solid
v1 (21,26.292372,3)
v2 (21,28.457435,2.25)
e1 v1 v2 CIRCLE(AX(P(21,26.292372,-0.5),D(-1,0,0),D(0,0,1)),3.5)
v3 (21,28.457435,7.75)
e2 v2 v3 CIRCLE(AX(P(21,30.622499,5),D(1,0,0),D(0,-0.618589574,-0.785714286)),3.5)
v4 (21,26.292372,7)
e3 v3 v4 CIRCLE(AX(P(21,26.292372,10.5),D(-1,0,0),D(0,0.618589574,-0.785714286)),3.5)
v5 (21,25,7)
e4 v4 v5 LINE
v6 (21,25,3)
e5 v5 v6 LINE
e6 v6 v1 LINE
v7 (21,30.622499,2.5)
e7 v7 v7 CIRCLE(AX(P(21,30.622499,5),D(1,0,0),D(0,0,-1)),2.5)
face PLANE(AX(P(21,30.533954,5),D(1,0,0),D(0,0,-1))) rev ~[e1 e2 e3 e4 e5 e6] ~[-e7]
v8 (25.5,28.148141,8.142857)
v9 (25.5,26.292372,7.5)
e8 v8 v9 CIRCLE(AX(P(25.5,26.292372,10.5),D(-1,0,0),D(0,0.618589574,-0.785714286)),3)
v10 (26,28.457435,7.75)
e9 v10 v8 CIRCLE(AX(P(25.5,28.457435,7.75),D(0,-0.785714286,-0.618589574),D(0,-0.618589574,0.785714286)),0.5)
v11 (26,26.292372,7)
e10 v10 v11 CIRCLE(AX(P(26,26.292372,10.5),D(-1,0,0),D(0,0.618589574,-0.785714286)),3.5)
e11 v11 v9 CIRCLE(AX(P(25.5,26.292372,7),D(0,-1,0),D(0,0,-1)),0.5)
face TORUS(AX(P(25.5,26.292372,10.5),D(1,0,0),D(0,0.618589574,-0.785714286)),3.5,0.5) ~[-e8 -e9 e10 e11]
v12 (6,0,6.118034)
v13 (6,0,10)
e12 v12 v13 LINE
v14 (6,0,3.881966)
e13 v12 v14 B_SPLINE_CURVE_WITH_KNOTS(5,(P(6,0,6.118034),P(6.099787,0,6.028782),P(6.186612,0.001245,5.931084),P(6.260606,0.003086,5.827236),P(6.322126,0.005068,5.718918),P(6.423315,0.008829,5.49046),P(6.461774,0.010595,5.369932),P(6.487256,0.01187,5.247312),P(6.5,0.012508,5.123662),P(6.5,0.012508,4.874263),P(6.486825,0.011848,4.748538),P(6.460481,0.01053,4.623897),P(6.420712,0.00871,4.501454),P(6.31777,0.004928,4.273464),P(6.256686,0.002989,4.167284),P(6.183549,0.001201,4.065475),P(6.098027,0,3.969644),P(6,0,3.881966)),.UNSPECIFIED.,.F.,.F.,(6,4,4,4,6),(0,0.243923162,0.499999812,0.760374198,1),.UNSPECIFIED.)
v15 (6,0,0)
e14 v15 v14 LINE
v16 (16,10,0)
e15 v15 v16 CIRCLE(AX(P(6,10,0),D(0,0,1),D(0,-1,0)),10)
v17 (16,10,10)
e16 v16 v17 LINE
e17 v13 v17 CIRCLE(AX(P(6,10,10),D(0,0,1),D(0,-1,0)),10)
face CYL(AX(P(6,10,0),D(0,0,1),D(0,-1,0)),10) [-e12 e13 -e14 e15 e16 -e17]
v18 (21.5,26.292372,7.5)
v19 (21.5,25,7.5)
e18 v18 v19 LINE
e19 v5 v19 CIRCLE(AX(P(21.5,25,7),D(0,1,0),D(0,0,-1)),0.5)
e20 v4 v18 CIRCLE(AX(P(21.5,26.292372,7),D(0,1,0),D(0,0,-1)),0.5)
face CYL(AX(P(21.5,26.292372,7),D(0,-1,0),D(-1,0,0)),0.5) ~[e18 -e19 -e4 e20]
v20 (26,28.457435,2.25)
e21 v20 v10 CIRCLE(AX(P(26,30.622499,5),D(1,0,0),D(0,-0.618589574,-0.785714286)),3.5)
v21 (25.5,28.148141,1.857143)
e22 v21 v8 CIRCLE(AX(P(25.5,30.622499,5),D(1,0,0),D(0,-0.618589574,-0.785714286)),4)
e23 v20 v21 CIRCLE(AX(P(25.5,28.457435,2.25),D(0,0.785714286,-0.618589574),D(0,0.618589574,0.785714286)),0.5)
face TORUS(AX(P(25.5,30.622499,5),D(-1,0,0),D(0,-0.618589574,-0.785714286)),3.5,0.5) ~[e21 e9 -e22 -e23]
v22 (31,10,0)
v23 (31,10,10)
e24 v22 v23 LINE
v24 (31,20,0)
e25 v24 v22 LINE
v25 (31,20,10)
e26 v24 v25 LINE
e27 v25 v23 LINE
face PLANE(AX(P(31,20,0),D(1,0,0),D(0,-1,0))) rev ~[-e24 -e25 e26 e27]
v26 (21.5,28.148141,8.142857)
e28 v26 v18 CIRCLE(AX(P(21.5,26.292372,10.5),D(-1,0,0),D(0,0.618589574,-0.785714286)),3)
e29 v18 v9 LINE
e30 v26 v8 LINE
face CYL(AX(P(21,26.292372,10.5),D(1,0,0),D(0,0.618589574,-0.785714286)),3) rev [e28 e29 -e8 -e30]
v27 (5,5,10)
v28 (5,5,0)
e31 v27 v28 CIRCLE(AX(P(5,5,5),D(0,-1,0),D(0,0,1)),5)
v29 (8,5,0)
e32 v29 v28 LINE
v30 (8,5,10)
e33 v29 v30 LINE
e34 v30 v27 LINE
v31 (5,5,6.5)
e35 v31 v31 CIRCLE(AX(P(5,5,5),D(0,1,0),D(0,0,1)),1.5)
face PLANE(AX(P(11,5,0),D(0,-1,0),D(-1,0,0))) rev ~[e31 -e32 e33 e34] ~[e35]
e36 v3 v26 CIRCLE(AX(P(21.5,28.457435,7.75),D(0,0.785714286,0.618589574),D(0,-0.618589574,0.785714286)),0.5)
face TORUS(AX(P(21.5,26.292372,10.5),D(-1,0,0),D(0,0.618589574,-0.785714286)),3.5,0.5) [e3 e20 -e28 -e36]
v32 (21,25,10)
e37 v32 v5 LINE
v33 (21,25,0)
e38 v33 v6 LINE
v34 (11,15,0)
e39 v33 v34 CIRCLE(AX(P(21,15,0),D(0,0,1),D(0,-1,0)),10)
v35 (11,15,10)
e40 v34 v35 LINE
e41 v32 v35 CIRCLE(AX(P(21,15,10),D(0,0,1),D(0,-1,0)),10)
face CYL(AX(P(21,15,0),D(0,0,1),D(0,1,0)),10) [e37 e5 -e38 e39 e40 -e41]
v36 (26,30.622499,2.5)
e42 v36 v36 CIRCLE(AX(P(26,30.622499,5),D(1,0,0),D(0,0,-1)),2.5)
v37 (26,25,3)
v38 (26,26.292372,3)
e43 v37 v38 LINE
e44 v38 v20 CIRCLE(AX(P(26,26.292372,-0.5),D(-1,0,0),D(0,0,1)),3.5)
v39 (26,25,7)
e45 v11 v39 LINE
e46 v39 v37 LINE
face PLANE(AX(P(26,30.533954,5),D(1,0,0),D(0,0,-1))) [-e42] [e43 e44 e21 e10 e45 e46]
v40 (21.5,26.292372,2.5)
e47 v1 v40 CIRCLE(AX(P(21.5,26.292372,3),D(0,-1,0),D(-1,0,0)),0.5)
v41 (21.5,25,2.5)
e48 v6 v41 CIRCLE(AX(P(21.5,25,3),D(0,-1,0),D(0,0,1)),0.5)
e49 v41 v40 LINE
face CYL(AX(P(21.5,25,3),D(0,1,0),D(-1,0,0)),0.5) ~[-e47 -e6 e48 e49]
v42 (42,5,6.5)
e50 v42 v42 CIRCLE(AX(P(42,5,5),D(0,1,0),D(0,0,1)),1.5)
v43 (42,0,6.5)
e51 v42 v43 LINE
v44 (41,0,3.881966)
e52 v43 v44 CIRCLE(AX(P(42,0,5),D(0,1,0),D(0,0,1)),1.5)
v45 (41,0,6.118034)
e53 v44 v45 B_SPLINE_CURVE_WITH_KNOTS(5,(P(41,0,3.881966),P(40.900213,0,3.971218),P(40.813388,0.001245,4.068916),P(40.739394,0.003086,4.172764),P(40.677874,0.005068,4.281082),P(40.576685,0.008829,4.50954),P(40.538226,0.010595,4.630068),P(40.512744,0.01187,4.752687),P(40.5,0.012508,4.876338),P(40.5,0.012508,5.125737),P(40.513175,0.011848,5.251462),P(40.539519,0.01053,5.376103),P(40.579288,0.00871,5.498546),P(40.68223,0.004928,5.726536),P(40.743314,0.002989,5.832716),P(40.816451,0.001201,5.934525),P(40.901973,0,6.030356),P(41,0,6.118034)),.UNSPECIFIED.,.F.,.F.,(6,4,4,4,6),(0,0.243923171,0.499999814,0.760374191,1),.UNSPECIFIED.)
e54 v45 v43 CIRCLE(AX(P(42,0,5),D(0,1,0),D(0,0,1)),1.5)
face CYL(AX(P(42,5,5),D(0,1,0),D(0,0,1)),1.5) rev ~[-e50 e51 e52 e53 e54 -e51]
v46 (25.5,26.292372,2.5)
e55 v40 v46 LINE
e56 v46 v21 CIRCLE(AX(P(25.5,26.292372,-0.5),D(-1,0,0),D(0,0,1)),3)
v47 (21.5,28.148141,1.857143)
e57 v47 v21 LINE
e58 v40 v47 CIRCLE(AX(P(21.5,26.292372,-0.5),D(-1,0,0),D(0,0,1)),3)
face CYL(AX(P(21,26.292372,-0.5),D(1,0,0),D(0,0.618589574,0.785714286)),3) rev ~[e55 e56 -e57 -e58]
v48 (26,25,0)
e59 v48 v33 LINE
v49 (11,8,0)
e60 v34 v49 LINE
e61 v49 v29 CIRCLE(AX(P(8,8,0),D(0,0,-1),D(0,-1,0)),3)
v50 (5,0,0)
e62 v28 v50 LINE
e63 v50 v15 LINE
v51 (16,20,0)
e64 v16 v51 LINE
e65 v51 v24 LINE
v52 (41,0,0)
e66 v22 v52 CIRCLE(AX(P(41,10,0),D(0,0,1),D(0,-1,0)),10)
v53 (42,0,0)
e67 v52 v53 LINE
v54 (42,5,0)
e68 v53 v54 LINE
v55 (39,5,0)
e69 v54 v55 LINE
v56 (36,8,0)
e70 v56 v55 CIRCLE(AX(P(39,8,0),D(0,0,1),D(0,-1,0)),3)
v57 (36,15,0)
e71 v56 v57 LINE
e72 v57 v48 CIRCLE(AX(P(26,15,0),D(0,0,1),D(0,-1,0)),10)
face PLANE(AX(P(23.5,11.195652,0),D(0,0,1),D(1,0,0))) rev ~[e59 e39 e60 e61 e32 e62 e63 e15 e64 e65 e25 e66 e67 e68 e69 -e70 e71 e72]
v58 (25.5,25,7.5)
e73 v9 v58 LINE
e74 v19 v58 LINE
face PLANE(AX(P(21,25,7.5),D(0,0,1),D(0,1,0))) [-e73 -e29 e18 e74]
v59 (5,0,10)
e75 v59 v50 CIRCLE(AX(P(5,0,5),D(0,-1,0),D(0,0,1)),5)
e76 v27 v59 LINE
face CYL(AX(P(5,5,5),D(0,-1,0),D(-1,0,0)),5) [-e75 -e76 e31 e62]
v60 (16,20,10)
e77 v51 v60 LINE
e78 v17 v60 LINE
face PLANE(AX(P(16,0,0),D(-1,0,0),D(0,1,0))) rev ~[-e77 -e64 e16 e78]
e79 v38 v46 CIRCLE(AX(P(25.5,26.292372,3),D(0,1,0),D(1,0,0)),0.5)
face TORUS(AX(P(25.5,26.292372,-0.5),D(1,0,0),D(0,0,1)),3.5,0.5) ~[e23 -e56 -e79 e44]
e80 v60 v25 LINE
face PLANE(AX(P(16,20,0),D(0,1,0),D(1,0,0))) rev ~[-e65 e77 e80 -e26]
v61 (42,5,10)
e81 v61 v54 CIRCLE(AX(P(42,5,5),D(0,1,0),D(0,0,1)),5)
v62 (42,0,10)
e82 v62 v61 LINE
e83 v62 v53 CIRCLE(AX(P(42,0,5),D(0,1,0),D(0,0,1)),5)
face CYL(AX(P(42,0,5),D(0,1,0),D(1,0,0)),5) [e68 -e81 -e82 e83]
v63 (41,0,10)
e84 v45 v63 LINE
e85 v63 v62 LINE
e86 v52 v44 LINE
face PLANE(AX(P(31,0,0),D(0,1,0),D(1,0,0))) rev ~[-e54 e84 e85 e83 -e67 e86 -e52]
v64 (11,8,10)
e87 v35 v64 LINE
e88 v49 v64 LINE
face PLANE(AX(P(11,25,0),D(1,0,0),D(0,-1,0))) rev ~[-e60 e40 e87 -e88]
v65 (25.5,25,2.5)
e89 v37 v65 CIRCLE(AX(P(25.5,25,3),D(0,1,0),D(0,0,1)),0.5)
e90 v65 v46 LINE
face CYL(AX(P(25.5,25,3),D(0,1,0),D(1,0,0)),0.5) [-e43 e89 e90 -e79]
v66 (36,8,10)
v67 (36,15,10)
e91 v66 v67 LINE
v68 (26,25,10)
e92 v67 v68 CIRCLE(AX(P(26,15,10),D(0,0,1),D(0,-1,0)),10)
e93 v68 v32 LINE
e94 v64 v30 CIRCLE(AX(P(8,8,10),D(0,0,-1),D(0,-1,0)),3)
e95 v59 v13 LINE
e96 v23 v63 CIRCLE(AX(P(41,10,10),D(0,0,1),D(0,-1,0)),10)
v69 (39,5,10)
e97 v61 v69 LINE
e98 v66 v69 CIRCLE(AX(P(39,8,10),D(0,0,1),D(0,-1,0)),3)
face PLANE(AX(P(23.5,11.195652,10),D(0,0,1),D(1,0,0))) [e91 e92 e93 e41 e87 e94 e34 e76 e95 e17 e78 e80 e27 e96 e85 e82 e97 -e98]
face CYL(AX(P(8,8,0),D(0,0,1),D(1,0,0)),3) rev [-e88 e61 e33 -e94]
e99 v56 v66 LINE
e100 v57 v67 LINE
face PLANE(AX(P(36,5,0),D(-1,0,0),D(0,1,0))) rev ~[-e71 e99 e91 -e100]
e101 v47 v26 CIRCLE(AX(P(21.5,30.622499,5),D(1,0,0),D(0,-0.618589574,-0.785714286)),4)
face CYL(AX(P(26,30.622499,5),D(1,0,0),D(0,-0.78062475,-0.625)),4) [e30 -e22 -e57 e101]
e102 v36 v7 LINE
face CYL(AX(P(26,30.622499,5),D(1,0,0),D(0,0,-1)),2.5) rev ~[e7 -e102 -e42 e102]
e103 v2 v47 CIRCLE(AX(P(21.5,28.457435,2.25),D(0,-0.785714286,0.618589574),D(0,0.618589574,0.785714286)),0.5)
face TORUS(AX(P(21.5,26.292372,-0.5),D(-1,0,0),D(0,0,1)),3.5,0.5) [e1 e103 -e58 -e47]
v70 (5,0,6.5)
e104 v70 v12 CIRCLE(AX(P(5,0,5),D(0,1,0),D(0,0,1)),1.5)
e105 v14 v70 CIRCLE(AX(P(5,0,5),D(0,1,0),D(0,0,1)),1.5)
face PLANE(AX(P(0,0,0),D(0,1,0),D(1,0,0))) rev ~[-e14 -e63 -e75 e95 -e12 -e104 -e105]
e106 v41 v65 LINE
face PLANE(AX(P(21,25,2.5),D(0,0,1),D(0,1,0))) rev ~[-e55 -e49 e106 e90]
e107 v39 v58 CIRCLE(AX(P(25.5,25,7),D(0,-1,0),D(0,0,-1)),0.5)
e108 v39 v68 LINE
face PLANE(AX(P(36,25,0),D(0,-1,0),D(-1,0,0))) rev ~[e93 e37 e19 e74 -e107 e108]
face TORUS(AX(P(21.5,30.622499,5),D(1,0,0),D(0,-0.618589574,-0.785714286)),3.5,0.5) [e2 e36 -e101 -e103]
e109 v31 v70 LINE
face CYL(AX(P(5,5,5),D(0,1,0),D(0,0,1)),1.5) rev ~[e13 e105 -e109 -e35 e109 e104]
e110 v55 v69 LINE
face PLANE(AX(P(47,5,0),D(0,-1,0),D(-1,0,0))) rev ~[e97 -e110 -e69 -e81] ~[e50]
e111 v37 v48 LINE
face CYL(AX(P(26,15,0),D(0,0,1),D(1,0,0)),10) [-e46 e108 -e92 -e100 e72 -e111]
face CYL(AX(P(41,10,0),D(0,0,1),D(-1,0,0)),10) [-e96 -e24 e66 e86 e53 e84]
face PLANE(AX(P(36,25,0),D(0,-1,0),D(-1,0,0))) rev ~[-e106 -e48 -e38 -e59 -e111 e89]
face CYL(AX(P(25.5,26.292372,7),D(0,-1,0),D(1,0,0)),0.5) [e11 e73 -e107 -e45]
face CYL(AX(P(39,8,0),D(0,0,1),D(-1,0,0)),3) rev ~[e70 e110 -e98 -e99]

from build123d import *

# Parameters (mm, degrees)
BOSS_EXTRU_1_DEPTH      = 10
CONG_1_RADIUS           = 5
CONG_1_LENGTH           = 5
CONG_2_RADIUS           = 5
CONG_2_LENGTH           = 5
CONG_3_R                = 10
CONG_4_R                = 10
CONG_6_R                = 3
CONG_7_R                = 3
ESQUISSE2_R             = 1.5
ENL_V_MAT_EXTRU_1_DEPTH = 10
BOSS_EXTRU_2_START      = 21
ESQUISSE3_W             = 5
ESQUISSE3_H             = 2.5
BOSS_EXTRU_2_DEPTH      = 5
ESQUISSE5_R             = 2.5
BOSS_EXTRU_3_DEPTH      = 5
CONG_8_R                = 3
CONG_9_R                = 3
CONG_14_R               = 0.5


with BuildPart() as part:
    # Esquisse1 → Boss.-Extru.1 (new body)
    with BuildSketch(Plane.XY):
        Polygon((0, 0), (16, 0), (16, 20), (31, 20), (31, 0), (47, 0), (47, 5), (36, 5), (36, 25), (11, 25), (11, 5), (0, 5), align=None)
    extrude(amount=BOSS_EXTRU_1_DEPTH)

    # Congé1: full round fillet: the end face becomes a half cylinder, R = half its width
    cong_1_face = Plane((0, 2.5, 5), x_dir=(0, -1, 0), z_dir=(-1, 0, 0))  # on the end face: x along it, z out of the body
    cong_1_slab = cong_1_face.offset(-CONG_1_RADIUS / 2) * Box(CONG_1_LENGTH, 2 * CONG_1_RADIUS, CONG_1_RADIUS, mode=Mode.PRIVATE)  # the body's end, R deep
    cong_1_round = Plane((5, 2.5, 5), x_dir=(-1, 0, 0), z_dir=(0, -1, 0)) * Cylinder(CONG_1_RADIUS, CONG_1_LENGTH, mode=Mode.PRIVATE)  # its axis R under the face
    add(cong_1_slab - cong_1_round, mode=Mode.SUBTRACT)

    # Congé2: full round fillet: the end face becomes a half cylinder, R = half its width
    cong_2_face = Plane((47, 2.5, 5), x_dir=(0, 1, 0), z_dir=(1, 0, 0))  # on the end face: x along it, z out of the body
    cong_2_slab = cong_2_face.offset(-CONG_2_RADIUS / 2) * Box(CONG_2_LENGTH, 2 * CONG_2_RADIUS, CONG_2_RADIUS, mode=Mode.PRIVATE)  # the body's end, R deep
    cong_2_round = Plane((42, 2.5, 5), x_dir=(1, 0, 0), z_dir=(0, 1, 0)) * Cylinder(CONG_2_RADIUS, CONG_2_LENGTH, mode=Mode.PRIVATE)  # its axis R under the face
    add(cong_2_slab - cong_2_round, mode=Mode.SUBTRACT)

    # Congé3
    cong_3_edges = [part.edges().sort_by_distance(p)[0] for p in [
        (31, 0, 5),
        (16, 0, 5),
    ]]
    fillet(cong_3_edges, radius=CONG_3_R)

    # Congé4
    cong_4_edges = [part.edges().sort_by_distance(p)[0] for p in [
        (11, 25, 5),
        (36, 25, 5),
    ]]
    fillet(cong_4_edges, radius=CONG_4_R)

    # Congé6
    cong_6_edges = [part.edges().sort_by_distance(p)[0] for p in [
        (11, 5, 5),
    ]]
    fillet(cong_6_edges, radius=CONG_6_R)

    # Congé7
    cong_7_edges = [part.edges().sort_by_distance(p)[0] for p in [
        (36, 5, 5),
    ]]
    fillet(cong_7_edges, radius=CONG_7_R)

    # Esquisse2 → Enlèv. mat.-Extru.1 (cut)
    with BuildSketch(Plane(origin=(0, 5, 0), x_dir=(1, 0, 0), z_dir=(0, 1, 0))):
        with Locations(Location((5, -5, 0), (0, 0, 270))):
            Circle(ESQUISSE2_R)
        with Locations(Location((42, -5, 0), (0, 0, 270))):
            Circle(ESQUISSE2_R)
    extrude(amount=-ENL_V_MAT_EXTRU_1_DEPTH, mode=Mode.SUBTRACT)

    # Esquisse3 → Boss.-Extru.2 (add)
    with BuildSketch(Plane(origin=(0, 0, 0), x_dir=(0, 0, -1), z_dir=(1, 0, 0)).offset(BOSS_EXTRU_2_START)):
        with Locations((-5, 26.25)):
            Rectangle(ESQUISSE3_W, ESQUISSE3_H)
    extrude(amount=BOSS_EXTRU_2_DEPTH)

    # Esquisse5 → Boss.-Extru.3 (add)
    with BuildSketch(Plane(origin=(26, 0, 0), x_dir=(0, 0, -1), z_dir=(1, 0, 0))):
        with BuildLine():
            Line((-7.5, 27.5), (-2.5, 27.5))
            ThreePointArc((-2.5, 27.5), (-5, 34.622498999), (-7.5, 27.5))
        make_face()
        with Locations((-5, 30.622498999)):
            Circle(ESQUISSE5_R, mode=Mode.SUBTRACT)
    extrude(amount=-BOSS_EXTRU_3_DEPTH)

    # Congé8
    cong_8_edges = [part.edges().sort_by_distance(p)[0] for p in [
        (23.5, 27.5, 7.5),
    ]]
    fillet(cong_8_edges, radius=CONG_8_R)

    # Congé9
    cong_9_edges = [part.edges().sort_by_distance(p)[0] for p in [
        (23.5, 27.5, 2.5),
    ]]
    fillet(cong_9_edges, radius=CONG_9_R)

    # Congé14
    cong_14_edges = [part.edges().sort_by_distance(p)[0] for p in [
        (21, 25.64618599, 2.5),
        (26, 25.64618599, 2.5),
        (21, 25.64618599, 7.5),
        (26, 25.64618599, 7.5),
        (26, 27.274352486, 7.665266452),
        (21, 27.274352486, 7.665266452),
        (21, 34.622498999, 5),
        (26, 34.622498999, 5),
        (21, 27.274352486, 2.334733548),
        (26, 27.274352486, 2.334733548),
    ]]
    fillet(cong_14_edges, radius=CONG_14_R)


solid = part.part
